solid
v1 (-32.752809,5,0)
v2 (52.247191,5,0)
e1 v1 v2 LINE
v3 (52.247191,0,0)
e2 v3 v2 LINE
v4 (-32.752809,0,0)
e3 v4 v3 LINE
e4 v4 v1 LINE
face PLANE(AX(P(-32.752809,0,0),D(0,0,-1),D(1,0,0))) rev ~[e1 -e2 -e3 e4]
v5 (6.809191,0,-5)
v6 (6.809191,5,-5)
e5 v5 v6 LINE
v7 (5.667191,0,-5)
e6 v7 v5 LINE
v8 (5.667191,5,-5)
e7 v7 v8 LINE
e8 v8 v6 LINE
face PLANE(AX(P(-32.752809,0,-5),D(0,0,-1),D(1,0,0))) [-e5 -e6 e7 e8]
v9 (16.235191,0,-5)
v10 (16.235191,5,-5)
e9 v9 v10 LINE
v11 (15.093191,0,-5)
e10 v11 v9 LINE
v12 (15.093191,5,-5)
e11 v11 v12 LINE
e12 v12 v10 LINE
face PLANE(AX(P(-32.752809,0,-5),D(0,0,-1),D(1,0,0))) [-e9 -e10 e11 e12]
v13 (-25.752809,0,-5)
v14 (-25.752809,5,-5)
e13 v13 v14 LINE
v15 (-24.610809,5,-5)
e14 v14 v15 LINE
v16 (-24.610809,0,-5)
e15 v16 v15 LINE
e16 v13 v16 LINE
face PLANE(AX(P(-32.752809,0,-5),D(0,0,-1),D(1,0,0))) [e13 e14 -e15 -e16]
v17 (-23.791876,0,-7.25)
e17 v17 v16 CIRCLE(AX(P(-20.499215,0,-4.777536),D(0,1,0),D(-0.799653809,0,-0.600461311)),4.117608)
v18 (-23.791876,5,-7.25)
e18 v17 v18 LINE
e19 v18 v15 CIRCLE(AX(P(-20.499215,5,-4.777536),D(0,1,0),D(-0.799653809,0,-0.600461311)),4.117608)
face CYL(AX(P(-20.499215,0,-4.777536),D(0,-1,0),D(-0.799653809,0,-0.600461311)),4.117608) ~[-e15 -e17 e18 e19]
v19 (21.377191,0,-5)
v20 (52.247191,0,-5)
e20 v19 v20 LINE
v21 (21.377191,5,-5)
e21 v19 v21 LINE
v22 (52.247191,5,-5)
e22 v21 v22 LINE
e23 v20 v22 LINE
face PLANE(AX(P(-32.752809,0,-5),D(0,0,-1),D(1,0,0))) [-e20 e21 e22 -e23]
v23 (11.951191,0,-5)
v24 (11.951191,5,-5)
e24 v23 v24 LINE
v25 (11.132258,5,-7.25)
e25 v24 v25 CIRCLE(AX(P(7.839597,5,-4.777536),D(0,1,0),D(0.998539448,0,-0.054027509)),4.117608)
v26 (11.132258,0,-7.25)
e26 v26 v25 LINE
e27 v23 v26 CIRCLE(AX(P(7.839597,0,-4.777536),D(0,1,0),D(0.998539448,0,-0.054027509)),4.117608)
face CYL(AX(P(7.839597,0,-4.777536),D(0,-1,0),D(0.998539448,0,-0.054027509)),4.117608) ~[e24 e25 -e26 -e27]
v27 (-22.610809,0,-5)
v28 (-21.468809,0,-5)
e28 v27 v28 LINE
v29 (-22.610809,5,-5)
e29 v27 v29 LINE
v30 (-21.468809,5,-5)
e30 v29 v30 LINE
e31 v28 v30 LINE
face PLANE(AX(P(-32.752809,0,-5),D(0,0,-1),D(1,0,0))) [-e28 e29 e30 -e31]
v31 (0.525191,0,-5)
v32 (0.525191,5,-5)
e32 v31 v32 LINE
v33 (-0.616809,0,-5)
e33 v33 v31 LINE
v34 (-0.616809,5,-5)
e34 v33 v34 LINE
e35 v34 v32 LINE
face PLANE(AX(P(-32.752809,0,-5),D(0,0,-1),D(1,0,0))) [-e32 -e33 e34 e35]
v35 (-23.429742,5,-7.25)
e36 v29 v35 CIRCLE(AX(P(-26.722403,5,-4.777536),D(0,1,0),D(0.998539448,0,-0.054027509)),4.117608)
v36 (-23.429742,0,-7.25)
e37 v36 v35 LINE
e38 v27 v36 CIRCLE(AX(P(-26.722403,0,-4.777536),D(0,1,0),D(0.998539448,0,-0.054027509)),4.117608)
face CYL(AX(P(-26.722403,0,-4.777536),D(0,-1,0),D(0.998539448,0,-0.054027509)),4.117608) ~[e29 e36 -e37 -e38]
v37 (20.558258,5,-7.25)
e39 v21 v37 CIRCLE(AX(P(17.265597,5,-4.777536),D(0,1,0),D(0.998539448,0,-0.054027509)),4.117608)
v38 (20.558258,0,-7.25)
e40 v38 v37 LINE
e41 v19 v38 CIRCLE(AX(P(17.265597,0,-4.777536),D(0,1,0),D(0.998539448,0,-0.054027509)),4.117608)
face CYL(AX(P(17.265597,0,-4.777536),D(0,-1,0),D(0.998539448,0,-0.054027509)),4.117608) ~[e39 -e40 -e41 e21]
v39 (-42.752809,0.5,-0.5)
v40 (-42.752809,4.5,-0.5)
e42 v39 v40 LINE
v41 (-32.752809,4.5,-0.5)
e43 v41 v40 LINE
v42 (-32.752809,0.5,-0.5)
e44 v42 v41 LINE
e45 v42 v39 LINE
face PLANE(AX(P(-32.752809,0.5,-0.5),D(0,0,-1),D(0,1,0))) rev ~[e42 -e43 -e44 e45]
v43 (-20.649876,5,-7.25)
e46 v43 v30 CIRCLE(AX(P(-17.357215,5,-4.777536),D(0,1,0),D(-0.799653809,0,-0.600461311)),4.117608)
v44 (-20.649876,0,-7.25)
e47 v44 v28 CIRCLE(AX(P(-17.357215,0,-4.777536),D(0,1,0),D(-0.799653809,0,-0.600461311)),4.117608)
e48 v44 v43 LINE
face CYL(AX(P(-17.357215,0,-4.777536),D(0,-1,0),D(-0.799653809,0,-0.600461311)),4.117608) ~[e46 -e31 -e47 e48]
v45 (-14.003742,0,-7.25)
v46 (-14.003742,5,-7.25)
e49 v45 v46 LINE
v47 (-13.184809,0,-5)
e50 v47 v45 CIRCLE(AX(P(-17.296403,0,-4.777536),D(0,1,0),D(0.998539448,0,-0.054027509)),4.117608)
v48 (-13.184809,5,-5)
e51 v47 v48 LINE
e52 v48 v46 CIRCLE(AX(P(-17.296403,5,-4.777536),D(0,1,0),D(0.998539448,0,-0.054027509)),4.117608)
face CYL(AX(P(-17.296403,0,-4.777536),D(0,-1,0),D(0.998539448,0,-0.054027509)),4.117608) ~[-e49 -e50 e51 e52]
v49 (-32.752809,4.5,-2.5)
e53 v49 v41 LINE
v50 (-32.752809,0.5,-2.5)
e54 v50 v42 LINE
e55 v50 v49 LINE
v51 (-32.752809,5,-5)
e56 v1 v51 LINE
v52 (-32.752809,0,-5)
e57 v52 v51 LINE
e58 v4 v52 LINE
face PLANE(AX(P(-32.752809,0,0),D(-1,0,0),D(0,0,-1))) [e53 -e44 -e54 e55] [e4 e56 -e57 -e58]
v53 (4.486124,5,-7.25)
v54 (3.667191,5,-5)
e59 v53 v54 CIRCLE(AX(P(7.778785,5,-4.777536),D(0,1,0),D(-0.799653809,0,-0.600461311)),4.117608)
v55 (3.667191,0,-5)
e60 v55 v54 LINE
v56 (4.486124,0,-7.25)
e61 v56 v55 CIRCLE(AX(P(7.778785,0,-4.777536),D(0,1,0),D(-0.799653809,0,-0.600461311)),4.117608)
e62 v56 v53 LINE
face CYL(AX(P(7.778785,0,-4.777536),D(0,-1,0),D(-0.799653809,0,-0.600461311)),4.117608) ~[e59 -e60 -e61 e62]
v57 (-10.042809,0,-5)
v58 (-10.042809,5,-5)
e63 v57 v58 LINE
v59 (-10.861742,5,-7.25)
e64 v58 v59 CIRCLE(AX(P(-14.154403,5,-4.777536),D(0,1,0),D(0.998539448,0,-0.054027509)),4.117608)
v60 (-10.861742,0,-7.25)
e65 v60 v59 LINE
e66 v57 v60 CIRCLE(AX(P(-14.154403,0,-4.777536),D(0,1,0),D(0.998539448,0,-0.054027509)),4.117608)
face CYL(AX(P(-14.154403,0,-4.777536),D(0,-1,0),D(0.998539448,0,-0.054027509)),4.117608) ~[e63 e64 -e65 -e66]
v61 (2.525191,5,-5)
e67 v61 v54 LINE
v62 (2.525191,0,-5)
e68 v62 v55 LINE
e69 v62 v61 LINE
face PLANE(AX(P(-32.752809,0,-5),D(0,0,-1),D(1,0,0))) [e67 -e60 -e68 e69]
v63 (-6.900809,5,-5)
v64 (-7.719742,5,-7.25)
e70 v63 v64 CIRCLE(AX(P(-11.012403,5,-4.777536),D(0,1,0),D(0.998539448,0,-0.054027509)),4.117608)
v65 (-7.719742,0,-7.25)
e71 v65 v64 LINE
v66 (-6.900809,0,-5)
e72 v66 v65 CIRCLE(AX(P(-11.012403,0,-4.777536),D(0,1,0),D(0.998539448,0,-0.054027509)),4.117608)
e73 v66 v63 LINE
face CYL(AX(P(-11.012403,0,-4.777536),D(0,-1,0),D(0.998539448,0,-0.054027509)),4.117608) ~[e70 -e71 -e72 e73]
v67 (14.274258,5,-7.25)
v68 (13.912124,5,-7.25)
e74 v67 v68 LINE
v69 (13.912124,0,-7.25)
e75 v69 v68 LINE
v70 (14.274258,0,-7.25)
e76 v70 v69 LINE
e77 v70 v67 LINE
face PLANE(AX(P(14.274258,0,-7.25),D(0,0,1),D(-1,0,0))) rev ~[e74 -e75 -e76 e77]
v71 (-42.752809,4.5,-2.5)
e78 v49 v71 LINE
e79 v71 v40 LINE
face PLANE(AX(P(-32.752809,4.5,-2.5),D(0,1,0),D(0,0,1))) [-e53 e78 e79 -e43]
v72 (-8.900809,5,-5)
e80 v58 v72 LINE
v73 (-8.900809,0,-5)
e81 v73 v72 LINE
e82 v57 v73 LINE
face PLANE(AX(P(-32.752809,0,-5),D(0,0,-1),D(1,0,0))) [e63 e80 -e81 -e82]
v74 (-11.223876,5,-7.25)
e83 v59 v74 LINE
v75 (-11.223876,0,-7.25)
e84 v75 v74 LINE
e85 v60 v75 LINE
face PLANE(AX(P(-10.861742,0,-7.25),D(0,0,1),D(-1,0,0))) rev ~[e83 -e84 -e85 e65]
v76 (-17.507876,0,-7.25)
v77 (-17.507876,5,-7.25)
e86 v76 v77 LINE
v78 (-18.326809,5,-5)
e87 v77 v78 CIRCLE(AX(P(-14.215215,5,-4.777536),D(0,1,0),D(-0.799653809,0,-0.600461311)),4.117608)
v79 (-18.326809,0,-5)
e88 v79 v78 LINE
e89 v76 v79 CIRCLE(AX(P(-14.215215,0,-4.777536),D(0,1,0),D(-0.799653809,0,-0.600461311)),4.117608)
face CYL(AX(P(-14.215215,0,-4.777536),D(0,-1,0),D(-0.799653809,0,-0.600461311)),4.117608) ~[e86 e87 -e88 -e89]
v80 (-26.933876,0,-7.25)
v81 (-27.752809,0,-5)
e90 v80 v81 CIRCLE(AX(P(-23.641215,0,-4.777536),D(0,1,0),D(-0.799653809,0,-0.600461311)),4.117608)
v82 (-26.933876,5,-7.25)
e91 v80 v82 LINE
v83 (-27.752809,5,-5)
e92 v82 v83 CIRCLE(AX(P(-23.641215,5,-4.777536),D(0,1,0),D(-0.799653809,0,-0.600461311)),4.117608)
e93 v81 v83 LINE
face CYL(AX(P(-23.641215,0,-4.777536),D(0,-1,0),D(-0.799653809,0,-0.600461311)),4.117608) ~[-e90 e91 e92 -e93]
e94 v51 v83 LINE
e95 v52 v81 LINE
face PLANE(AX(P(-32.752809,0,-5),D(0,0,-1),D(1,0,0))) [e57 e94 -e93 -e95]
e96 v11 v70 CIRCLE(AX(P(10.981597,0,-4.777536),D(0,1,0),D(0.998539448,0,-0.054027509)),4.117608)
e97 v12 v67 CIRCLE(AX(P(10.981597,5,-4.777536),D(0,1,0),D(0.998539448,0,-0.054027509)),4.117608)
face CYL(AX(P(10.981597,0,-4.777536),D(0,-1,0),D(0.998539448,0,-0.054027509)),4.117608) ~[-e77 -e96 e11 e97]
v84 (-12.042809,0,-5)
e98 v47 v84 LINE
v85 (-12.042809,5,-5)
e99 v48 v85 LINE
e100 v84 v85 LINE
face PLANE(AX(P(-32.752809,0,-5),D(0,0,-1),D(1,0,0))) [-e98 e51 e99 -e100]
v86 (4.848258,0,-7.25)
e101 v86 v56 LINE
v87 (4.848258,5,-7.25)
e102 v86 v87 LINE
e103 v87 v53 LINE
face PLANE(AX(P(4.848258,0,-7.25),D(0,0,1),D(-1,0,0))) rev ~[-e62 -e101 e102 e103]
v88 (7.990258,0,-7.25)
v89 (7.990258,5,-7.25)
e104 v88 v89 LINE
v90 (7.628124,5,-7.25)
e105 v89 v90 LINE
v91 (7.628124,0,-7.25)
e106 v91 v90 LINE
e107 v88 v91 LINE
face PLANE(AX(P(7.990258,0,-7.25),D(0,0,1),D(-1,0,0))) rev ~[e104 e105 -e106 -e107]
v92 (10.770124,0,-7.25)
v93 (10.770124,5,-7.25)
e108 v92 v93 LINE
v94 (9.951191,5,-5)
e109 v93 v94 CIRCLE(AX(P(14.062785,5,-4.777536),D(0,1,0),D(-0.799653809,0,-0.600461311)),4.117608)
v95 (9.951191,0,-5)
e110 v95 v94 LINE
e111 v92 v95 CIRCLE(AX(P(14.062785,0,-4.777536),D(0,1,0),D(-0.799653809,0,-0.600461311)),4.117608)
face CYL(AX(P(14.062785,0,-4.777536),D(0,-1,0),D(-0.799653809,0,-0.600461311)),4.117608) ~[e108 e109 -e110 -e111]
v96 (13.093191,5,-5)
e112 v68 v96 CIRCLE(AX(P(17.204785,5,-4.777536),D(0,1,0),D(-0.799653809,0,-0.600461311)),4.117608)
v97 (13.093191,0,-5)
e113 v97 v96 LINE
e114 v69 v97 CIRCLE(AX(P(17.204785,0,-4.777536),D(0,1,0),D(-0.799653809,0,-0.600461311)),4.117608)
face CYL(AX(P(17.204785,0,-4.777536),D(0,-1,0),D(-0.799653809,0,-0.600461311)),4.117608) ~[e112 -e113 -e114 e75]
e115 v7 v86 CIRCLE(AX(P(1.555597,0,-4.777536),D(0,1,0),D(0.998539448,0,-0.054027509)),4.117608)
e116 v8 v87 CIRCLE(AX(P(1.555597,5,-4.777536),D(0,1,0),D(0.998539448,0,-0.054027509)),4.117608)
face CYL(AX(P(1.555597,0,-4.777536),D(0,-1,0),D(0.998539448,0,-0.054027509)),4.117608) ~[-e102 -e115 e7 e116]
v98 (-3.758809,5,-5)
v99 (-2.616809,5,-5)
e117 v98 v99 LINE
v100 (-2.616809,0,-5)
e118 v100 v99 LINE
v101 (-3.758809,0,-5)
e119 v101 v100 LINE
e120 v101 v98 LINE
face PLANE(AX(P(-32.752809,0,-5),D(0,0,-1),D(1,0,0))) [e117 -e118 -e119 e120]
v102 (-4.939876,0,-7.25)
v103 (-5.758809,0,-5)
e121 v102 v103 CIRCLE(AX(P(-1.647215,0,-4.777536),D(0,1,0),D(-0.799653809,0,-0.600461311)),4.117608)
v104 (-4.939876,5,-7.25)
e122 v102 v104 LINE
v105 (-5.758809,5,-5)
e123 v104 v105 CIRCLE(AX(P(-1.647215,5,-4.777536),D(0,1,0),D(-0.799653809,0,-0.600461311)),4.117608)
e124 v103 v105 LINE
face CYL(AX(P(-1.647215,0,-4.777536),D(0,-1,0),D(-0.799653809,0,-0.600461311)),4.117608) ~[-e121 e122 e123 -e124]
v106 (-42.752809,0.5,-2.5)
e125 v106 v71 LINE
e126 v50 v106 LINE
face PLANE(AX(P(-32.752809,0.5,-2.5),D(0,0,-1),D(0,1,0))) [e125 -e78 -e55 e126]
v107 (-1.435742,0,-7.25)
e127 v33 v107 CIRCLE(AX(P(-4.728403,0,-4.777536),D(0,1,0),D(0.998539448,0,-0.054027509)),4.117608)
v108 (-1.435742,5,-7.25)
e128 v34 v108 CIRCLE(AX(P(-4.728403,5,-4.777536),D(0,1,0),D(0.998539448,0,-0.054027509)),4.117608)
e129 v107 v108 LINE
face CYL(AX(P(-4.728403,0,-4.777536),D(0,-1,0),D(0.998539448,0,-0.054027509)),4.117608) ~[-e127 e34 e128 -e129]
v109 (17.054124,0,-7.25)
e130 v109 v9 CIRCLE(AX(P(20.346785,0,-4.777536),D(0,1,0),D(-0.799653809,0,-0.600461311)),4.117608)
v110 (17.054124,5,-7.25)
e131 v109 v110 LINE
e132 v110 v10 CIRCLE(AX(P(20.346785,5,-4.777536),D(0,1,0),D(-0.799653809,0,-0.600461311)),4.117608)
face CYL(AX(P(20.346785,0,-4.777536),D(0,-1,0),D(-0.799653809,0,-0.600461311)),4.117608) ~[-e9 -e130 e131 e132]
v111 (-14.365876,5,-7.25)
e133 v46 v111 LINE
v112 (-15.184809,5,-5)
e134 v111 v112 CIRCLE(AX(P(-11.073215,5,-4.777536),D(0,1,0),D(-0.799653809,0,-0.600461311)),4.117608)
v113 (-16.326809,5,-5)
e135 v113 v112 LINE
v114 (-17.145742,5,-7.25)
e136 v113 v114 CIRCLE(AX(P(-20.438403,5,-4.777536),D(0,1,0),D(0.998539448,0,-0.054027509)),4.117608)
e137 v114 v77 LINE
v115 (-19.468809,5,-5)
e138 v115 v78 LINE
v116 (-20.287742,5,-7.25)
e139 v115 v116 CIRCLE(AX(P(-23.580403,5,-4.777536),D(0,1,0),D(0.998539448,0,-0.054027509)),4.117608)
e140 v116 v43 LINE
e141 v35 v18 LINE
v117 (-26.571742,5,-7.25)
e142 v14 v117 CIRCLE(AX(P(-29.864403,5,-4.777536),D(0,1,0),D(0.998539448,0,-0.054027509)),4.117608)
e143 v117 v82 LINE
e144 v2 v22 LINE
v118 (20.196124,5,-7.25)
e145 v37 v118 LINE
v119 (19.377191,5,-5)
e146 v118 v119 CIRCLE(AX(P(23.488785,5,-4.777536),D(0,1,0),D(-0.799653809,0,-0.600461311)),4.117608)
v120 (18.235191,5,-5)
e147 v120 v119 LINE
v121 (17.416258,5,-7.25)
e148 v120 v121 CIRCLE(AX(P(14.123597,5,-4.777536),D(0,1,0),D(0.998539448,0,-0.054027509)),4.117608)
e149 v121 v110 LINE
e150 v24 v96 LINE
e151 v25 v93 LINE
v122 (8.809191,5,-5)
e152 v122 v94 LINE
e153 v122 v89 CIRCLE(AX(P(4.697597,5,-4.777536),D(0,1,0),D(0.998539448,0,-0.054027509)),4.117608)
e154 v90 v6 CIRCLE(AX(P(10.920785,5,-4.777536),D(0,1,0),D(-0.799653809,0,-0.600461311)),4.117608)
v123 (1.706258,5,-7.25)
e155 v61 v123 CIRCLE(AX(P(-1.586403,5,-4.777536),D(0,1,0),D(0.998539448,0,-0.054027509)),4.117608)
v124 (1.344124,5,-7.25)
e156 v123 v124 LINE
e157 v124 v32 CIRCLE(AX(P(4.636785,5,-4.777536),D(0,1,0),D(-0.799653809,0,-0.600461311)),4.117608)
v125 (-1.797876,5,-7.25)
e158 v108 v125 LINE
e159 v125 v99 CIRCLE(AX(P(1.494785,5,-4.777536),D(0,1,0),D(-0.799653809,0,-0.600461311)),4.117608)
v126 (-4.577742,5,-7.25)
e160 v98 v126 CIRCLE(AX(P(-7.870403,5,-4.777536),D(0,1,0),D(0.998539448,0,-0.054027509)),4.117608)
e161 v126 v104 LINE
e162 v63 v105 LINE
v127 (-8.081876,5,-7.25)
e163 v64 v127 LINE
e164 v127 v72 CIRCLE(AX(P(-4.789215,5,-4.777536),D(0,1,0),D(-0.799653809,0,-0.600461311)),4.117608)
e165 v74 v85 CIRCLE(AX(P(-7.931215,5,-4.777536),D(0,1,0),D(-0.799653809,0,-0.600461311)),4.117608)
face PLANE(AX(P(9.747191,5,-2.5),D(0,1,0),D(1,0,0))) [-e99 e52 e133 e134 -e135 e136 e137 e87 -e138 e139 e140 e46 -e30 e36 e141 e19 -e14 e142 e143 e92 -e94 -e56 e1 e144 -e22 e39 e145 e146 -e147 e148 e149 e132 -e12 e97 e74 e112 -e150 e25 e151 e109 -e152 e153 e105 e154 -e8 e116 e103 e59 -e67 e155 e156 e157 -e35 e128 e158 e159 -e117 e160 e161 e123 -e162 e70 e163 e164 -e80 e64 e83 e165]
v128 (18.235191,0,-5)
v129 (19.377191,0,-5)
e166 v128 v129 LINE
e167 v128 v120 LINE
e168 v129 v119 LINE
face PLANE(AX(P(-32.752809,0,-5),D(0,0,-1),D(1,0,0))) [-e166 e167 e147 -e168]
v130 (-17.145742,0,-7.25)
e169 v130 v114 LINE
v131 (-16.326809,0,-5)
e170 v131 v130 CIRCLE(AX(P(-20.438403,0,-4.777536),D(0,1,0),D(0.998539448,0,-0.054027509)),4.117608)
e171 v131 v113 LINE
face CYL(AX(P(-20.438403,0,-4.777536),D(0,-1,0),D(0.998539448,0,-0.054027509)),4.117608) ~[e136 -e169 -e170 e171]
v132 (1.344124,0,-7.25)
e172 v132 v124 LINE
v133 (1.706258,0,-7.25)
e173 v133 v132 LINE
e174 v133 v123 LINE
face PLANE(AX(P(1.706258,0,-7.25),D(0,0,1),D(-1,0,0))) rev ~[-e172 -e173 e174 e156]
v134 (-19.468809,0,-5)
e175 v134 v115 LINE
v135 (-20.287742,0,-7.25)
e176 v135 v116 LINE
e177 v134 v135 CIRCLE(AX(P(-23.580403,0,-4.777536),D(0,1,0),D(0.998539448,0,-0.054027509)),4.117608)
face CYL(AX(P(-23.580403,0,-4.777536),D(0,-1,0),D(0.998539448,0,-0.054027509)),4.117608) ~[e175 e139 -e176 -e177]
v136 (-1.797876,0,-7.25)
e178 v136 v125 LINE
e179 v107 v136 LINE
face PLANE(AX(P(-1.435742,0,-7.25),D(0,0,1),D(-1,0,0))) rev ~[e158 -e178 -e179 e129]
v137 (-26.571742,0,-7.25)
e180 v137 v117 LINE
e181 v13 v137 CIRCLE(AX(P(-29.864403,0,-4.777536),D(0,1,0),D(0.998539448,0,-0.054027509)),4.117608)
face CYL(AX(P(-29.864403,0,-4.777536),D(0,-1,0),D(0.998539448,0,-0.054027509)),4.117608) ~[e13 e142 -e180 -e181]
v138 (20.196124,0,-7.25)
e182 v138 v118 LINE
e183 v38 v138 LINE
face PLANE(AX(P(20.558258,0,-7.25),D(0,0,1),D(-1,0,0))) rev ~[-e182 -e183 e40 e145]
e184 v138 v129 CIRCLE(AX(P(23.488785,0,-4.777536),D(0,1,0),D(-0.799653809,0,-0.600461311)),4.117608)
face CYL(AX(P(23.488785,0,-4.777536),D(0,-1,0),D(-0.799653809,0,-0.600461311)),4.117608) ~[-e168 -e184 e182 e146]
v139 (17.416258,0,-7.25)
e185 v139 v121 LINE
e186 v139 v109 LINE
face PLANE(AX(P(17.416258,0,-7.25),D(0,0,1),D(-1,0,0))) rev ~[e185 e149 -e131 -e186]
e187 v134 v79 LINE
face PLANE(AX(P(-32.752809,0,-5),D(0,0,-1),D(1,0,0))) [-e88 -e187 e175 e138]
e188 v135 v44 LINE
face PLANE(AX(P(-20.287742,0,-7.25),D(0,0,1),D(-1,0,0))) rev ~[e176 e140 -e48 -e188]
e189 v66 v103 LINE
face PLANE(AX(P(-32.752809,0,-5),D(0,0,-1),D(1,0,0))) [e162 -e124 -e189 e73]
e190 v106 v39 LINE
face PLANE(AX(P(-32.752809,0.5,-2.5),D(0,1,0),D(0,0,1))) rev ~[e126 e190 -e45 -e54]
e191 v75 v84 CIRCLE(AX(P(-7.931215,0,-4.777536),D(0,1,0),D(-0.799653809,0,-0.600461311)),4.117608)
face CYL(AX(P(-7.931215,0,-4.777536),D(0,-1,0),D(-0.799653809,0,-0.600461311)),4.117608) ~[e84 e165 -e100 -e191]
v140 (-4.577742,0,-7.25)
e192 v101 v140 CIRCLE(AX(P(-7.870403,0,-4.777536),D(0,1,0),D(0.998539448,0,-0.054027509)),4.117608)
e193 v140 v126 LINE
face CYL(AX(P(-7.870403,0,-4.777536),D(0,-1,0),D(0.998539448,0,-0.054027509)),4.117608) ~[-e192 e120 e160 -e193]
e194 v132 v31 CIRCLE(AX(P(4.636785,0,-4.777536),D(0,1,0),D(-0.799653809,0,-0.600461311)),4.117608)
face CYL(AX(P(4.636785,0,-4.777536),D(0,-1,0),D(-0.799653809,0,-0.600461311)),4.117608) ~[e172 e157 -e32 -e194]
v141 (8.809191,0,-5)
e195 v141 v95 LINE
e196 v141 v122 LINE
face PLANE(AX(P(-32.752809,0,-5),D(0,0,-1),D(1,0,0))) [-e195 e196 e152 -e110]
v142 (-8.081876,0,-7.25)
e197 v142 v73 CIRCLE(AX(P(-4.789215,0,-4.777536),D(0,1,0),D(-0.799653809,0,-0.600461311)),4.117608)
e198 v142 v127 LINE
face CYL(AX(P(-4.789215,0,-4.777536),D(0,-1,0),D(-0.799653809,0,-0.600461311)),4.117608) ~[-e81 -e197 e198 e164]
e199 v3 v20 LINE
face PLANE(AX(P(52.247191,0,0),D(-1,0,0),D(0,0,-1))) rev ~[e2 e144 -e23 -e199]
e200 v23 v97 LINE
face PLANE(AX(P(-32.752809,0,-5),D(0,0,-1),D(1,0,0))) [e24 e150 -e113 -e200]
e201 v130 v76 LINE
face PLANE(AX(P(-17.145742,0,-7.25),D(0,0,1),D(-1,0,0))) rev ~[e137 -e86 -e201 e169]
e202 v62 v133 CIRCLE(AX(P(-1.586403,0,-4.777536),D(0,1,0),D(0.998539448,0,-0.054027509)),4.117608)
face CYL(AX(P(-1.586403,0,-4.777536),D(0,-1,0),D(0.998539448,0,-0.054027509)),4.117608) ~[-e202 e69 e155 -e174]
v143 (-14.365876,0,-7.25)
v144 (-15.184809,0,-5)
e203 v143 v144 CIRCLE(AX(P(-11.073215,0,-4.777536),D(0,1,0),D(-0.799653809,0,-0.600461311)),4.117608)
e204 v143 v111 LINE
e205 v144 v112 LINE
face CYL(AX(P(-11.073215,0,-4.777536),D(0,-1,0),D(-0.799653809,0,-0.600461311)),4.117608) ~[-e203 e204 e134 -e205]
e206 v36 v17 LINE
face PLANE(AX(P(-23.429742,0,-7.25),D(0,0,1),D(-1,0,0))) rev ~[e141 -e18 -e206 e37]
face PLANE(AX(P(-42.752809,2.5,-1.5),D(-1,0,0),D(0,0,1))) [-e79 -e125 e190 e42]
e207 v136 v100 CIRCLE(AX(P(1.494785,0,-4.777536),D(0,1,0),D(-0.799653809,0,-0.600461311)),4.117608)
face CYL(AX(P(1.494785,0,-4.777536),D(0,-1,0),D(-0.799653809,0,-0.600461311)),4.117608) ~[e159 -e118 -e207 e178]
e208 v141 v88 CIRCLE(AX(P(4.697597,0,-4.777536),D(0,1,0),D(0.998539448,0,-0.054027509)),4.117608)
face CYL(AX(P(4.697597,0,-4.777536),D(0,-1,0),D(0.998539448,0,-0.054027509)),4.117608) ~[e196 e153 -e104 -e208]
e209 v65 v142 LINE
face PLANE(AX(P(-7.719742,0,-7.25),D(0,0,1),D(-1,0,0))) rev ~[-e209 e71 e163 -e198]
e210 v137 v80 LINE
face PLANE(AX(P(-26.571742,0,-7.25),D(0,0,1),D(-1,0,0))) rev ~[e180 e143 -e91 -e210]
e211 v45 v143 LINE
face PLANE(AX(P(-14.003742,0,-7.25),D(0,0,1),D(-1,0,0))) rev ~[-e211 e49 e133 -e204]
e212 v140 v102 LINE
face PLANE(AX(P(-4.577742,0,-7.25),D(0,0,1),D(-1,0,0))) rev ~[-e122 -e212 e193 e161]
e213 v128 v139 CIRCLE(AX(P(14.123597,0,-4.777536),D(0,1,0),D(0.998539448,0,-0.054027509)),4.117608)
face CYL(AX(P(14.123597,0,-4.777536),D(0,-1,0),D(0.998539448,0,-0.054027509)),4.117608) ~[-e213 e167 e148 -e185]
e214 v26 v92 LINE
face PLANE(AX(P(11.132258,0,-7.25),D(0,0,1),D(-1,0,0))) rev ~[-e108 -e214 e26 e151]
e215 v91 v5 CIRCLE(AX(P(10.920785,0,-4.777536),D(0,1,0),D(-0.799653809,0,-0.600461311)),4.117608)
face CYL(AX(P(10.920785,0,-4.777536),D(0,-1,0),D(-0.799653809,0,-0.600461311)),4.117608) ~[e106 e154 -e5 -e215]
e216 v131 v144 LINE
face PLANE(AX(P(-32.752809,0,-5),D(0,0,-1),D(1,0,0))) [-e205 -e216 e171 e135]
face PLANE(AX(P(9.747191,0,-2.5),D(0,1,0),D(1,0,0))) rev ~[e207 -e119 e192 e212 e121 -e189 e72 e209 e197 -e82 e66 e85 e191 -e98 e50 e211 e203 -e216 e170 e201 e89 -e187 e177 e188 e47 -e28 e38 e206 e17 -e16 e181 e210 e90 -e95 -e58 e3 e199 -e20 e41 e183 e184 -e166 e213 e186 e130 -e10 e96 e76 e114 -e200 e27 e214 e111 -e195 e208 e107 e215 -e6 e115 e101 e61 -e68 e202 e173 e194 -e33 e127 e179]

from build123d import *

# Parameters (mm, degrees)
BOSS_EXTRUDE1_DEPTH = 5
BOSS_EXTRUDE2_DEPTH = 5
LPATTERN1_COUNT     = 16
LPATTERN1_PITCH     = 3.142
SKETCH3_W           = 2
SKETCH3_H           = 4
BOSS_EXTRUDE3_DEPTH = 10


with BuildPart() as part:
    # Sketch2 → Boss-Extrude1 (new body)
    with BuildSketch(Plane(origin=(0, 0, 0), x_dir=(1, 0, 0), z_dir=(0, 1, 0))):
        Polygon((-32.752808989, 5), (-32.752808989, 0), (52.247191011, 0), (52.247191011, 5), (-25.752808989, 5), (-27.752808989, 5), align=None)
    extrude(amount=BOSS_EXTRUDE1_DEPTH)

    # Sketch2<3> → Boss-Extrude2 (add)
    with BuildSketch(Plane(origin=(0, 0, 0), x_dir=(1, 0, 0), z_dir=(0, 1, 0))):
        with BuildLine():
            ThreePointArc((-26.933875962, 7.25), (-27.510500845, 6.185840671), (-27.752808989, 5))
            Line((-27.752808989, 5), (-25.752808989, 5))
            ThreePointArc((-25.752808989, 5), (-25.995117132, 6.185840671), (-26.571742016, 7.25))
            Line((-26.571742016, 7.25), (-26.933875962, 7.25))
        make_face()
    boss_extrude2 = extrude(amount=BOSS_EXTRUDE2_DEPTH)

    # LPattern1: Boss-Extrude2 ×16
    with Locations(*[(i * LPATTERN1_PITCH, 0, 0) for i in range(1, LPATTERN1_COUNT)]):
        add(boss_extrude2)

    # Sketch3 → Boss-Extrude3 (add)
    with BuildSketch(Plane.ZY.offset(32.752808989)):
        with Locations((-1.5, 2.5)):
            Rectangle(SKETCH3_W, SKETCH3_H)
    extrude(amount=BOSS_EXTRUDE3_DEPTH)


solid = part.part
